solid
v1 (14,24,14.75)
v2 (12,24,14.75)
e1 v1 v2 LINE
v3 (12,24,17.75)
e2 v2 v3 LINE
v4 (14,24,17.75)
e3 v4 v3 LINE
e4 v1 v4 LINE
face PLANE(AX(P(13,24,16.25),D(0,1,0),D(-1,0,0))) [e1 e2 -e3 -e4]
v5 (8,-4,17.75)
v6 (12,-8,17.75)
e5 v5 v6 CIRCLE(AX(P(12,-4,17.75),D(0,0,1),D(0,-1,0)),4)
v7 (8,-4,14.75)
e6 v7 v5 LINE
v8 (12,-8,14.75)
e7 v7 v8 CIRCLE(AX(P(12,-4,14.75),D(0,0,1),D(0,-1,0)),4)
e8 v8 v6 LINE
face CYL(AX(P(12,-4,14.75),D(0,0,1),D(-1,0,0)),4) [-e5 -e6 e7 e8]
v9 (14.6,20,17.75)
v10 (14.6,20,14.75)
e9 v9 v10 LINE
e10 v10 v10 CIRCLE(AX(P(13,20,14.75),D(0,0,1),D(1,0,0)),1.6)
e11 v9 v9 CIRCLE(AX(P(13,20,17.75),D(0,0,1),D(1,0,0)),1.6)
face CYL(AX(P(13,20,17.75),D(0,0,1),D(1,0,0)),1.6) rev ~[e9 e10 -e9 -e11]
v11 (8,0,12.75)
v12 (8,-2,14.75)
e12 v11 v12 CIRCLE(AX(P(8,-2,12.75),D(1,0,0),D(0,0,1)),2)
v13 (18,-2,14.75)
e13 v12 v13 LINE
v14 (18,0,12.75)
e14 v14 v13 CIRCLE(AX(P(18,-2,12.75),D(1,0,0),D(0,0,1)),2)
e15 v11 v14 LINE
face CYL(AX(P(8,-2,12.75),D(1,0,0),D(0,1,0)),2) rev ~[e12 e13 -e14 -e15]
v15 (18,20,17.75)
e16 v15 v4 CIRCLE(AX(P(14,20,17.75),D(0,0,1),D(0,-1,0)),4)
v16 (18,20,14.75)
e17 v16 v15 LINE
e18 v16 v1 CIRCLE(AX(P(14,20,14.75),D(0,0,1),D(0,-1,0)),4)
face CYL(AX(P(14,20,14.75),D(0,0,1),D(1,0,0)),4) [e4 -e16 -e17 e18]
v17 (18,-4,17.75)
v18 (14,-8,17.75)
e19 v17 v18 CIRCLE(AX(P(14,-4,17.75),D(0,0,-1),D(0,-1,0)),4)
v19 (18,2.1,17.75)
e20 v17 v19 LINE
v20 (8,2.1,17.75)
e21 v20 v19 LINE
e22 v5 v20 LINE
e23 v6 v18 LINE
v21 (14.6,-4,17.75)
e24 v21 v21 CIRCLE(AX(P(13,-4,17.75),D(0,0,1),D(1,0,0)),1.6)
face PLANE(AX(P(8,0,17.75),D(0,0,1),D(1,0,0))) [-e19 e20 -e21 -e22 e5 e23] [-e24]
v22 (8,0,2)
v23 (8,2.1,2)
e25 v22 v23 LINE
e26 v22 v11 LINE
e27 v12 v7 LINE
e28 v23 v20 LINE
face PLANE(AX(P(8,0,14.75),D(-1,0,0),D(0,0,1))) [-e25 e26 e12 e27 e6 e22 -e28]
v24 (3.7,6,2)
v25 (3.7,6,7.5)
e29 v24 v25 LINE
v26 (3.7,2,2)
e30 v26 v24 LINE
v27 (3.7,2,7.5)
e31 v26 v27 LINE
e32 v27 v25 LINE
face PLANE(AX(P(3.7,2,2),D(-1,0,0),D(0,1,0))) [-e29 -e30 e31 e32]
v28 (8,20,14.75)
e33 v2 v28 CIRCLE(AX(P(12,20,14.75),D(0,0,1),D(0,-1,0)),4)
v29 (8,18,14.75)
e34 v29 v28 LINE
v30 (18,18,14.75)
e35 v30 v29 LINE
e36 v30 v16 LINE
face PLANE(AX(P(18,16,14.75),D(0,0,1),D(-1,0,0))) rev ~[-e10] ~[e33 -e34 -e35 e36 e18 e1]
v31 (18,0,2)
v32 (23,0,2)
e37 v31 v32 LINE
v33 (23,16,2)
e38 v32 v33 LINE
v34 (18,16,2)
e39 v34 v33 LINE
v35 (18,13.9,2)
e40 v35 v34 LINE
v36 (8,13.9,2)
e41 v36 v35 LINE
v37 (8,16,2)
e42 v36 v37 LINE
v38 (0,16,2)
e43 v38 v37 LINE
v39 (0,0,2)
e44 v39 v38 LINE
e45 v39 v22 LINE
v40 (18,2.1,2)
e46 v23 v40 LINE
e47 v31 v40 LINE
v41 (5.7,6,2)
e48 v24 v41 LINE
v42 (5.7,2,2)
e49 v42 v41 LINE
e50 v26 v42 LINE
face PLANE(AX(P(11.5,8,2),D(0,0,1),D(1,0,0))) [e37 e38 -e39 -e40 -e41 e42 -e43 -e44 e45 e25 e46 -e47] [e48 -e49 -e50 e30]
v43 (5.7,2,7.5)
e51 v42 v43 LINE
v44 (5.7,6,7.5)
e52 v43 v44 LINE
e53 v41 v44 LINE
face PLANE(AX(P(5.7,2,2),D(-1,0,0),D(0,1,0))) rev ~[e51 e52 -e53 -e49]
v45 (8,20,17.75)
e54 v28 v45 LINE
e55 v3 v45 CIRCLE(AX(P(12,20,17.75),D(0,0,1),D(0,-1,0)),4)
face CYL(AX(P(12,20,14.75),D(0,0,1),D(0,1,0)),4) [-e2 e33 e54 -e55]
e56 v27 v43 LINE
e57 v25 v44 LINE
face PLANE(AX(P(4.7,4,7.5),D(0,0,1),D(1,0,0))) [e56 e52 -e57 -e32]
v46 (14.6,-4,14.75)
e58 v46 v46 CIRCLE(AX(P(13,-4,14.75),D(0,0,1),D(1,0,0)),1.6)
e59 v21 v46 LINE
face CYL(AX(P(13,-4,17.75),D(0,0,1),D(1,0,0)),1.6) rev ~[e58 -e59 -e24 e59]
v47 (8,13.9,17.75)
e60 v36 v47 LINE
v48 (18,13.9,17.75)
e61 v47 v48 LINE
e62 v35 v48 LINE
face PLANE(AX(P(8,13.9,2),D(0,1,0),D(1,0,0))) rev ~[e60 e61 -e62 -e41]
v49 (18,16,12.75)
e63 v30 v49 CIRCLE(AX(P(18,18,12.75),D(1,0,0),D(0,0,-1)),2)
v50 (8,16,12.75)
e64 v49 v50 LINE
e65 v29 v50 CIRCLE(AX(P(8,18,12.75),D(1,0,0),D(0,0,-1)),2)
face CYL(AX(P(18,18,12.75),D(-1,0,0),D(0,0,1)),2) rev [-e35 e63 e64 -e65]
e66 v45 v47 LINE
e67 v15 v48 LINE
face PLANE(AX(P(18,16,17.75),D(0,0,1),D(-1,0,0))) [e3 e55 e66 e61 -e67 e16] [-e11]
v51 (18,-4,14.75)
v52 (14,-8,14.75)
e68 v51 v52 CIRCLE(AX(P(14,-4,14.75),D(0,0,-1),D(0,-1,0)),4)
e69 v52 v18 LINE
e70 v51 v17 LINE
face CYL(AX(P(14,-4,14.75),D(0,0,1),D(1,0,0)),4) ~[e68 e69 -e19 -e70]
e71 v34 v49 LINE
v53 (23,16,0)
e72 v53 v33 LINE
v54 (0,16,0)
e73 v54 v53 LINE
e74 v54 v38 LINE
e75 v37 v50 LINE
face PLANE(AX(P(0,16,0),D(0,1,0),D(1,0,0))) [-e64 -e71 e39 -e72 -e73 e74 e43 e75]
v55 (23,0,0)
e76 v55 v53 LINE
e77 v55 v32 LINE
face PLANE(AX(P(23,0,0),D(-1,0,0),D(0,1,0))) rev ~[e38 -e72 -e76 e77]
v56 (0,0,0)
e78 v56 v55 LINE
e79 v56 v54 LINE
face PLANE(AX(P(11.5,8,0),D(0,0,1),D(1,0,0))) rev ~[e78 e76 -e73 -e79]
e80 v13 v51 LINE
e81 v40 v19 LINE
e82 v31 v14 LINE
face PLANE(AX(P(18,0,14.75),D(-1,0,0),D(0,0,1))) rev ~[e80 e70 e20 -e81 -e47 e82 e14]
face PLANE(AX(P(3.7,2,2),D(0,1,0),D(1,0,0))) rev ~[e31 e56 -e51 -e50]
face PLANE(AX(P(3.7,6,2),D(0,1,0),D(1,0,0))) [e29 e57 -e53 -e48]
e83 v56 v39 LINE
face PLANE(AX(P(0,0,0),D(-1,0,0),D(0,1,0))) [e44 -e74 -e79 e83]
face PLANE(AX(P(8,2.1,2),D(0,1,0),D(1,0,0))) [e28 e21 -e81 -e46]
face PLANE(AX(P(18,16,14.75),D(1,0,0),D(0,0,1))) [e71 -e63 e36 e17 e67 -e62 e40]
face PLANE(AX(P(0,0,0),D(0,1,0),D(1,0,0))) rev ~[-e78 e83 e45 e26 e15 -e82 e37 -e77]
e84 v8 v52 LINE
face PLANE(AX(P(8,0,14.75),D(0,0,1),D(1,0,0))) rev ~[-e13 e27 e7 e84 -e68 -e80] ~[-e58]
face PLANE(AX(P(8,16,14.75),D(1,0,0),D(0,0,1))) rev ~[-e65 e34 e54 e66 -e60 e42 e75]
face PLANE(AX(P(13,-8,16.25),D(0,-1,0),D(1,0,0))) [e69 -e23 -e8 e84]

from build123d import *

# Parameters (mm, degrees)
SKETCH_W     = 23
SKETCH_H     = 16
PAD_DEPTH    = 2
SKETCH001_W  = 10
SKETCH001_H  = 2.1
PAD001_DEPTH = 15.75
SKETCH002_W  = 10
SKETCH002_H  = 3
PAD002_DEPTH = 8
SKETCH003_W  = 10
SKETCH003_H  = 3
PAD003_DEPTH = 8
SKETCH004_R  = 1.6
POCKET_DEPTH = 5
SKETCH005_W  = 2
SKETCH005_H  = 4
PAD004_DEPTH = 5.5
FILLET_R     = 2
FILLET001_R  = 4


with BuildPart() as part:
    # Sketch → Pad (new body)
    with BuildSketch(Plane.XY):
        with Locations((11.5, 8)):
            Rectangle(SKETCH_W, SKETCH_H)
    extrude(amount=PAD_DEPTH)

    # Sketch001 (on Face6 of Pad) → Pad001 (join)
    with BuildSketch(Plane.XY.offset(2)):
        with Locations((13, 1.05)):
            Rectangle(SKETCH001_W, SKETCH001_H)
        with Locations((13, 14.95)):
            Rectangle(SKETCH001_W, SKETCH001_H)
    extrude(amount=PAD001_DEPTH)

    # Sketch002 (on Face6 of Pad001) → Pad002 (join)
    with BuildSketch(Plane.XZ):
        with Locations((13, 16.25)):
            Rectangle(SKETCH002_W, SKETCH002_H)
    extrude(amount=PAD002_DEPTH)

    # Sketch003 (on Face15 of Pad002) → Pad003 (join)
    with BuildSketch(Plane(origin=(0, 16, 0), x_dir=(-1, 0, 0), z_dir=(0, 1, 0))):
        with Locations((-13, 16.25)):
            Rectangle(SKETCH003_W, SKETCH003_H)
    extrude(amount=PAD003_DEPTH)

    # Sketch004 (on Face26 of Pad003) → Pocket (cut)
    with BuildSketch(Plane.XY.offset(17.75)):
        with Locations((13, -4)):
            Circle(SKETCH004_R)
        with Locations((13, 20)):
            Circle(SKETCH004_R)
    extrude(amount=-POCKET_DEPTH, mode=Mode.SUBTRACT)

    # Sketch005 → Pad004 (join)
    with BuildSketch(Plane.XY.offset(2)):
        with Locations((4.7, 4)):
            Rectangle(SKETCH005_W, SKETCH005_H)
    extrude(amount=PAD004_DEPTH)

    # Fillet
    fillet_edges = [part.edges().sort_by_distance(p)[0] for p in [
        (13, 16, 14.75),
        (13, 0, 14.75),
    ]]
    fillet(fillet_edges, radius=FILLET_R)

    # Fillet001
    fillet001_edges = [part.edges().sort_by_distance(p)[0] for p in [
        (8, -8, 16.25),
        (18, -8, 16.25),
        (18, 24, 16.25),
        (8, 24, 16.25),
    ]]
    fillet(fillet001_edges, radius=FILLET001_R)


solid = part.part
